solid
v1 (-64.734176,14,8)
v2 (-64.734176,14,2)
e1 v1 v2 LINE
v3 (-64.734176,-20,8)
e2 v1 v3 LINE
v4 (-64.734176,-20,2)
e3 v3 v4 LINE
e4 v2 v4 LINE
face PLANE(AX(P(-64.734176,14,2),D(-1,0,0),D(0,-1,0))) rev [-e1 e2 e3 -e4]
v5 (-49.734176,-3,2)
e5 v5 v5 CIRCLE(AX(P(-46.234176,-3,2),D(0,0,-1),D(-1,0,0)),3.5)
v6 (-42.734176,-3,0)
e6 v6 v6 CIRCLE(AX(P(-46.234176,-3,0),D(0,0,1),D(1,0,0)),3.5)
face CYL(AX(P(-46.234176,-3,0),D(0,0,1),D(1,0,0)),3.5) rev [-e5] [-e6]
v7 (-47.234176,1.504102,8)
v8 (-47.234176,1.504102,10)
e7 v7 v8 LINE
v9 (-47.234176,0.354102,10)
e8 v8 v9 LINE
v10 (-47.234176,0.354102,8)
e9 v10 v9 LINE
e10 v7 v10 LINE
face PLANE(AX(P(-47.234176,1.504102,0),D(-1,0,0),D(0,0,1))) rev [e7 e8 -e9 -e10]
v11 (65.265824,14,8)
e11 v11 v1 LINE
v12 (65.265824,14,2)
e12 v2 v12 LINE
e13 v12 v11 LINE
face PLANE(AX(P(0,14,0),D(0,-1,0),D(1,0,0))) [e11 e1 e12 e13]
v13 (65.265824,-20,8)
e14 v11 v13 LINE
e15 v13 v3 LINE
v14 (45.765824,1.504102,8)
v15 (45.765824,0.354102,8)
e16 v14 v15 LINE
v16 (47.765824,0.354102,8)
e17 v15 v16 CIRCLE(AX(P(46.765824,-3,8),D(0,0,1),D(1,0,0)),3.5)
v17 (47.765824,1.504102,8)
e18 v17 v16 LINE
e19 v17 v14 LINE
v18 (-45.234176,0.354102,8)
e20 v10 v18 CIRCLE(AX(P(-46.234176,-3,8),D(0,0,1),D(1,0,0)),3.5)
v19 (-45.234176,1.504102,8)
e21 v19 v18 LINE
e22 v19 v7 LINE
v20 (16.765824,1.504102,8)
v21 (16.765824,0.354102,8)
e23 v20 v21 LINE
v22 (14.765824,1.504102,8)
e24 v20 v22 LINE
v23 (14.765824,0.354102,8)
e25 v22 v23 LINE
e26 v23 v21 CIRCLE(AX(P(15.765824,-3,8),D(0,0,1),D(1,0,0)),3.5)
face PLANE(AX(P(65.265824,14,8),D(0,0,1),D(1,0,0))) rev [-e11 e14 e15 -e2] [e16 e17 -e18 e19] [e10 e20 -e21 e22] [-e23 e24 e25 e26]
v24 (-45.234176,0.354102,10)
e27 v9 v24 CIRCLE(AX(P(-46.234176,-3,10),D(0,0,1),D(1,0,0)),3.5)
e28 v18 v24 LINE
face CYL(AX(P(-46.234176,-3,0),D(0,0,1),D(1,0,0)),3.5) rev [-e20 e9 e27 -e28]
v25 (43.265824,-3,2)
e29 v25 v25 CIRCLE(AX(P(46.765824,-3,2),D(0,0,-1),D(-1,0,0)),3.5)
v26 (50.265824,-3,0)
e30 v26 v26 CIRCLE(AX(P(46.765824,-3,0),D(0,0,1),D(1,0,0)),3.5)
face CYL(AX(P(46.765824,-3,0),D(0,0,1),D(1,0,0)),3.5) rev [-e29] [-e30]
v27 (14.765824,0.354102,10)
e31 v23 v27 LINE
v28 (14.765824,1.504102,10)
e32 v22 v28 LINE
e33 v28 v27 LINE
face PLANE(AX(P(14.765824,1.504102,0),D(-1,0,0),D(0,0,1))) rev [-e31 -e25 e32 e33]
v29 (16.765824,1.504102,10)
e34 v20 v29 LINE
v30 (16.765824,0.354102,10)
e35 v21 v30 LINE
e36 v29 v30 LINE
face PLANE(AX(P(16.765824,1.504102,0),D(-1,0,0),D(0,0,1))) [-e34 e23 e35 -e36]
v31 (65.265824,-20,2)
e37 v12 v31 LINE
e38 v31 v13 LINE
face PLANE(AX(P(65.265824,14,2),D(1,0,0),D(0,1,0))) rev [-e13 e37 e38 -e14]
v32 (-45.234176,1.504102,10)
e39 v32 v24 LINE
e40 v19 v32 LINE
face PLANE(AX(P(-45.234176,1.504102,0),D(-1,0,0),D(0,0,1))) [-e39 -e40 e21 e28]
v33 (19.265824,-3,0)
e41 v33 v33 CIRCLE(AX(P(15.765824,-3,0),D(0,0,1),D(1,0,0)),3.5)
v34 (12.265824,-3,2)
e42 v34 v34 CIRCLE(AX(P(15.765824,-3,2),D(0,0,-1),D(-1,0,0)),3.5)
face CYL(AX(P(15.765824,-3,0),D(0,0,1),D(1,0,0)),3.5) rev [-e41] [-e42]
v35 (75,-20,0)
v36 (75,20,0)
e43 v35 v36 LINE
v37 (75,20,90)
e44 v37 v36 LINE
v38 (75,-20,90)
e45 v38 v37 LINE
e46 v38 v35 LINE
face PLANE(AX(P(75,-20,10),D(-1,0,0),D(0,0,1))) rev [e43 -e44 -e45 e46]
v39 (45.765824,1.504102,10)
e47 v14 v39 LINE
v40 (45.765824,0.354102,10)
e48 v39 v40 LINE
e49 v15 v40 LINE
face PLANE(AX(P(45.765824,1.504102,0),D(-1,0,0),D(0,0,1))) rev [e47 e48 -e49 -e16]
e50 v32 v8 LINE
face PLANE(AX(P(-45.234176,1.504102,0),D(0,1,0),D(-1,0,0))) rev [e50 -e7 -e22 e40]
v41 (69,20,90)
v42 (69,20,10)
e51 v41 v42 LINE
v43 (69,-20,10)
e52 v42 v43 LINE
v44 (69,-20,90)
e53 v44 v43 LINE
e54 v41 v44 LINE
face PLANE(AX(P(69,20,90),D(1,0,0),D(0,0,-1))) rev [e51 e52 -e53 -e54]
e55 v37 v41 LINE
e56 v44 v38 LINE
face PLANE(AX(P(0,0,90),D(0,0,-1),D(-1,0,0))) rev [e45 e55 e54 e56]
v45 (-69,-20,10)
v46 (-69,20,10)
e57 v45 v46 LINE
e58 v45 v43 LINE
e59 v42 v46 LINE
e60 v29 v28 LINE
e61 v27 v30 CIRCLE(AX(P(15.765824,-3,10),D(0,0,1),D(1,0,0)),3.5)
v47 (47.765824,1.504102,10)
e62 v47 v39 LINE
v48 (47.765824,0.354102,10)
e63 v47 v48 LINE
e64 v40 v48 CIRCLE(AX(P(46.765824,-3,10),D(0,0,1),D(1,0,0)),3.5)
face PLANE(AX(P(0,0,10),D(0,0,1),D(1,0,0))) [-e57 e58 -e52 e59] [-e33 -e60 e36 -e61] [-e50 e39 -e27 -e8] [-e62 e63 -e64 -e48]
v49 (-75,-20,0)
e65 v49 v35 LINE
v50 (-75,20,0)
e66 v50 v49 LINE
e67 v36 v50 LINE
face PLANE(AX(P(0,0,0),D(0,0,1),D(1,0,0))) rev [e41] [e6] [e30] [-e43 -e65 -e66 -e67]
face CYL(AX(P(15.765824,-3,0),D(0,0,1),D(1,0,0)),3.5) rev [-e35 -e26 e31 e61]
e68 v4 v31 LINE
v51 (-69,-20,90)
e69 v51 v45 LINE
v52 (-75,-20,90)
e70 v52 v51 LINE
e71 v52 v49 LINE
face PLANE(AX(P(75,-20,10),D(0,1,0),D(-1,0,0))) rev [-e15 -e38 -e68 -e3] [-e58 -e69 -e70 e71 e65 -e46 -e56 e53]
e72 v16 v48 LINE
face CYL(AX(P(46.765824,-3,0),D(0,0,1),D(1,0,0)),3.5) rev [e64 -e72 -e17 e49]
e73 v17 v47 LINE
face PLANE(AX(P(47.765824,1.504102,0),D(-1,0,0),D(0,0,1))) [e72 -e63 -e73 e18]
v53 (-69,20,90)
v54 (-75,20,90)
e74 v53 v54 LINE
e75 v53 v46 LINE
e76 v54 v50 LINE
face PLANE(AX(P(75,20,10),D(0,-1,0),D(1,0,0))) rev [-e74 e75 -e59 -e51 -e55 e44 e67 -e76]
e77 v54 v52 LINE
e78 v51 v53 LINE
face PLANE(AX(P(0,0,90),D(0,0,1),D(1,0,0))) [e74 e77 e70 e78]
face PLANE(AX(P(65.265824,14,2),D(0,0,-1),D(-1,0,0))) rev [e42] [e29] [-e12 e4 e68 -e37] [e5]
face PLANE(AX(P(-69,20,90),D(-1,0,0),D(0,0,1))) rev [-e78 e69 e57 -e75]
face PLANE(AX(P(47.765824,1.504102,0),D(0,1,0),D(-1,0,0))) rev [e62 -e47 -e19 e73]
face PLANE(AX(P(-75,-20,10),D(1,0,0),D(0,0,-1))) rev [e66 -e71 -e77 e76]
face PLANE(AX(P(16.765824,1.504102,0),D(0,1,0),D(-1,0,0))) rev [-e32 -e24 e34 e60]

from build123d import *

# Parameters (mm, degrees)
SKETCH1_W           = 150
SKETCH1_H           = 40
BOSS_EXTRUDE1_DEPTH = 10
SKETCH2_W           = 130
SKETCH2_H           = 6
CUT_EXTRUDE1_DEPTH  = 34
CUT_EXTRUDE3_DEPTH  = 10
BOSS_EXTRUDE2_DEPTH = 2
SKETCH5_W           = 6
SKETCH5_H           = 40
BOSS_EXTRUDE3_DEPTH = 80


with BuildPart() as part:
    # Sketch1 → Boss-Extrude1 (new body)
    with BuildSketch(Plane.XY):
        Rectangle(SKETCH1_W, SKETCH1_H)
    extrude(amount=BOSS_EXTRUDE1_DEPTH)

    # Sketch2 → Cut-Extrude1 (cut)
    with BuildSketch(Plane.XZ.offset(20)):
        with Locations((0.265824487, 5)):
            Rectangle(SKETCH2_W, SKETCH2_H)
    extrude(amount=-CUT_EXTRUDE1_DEPTH, mode=Mode.SUBTRACT)

    # Sketch3 → Cut-Extrude3 (cut)
    with BuildSketch(Plane.XY.offset(10)):
        with BuildLine():
            Line((16.765824487, 1.504101966), (16.765824487, 0.354101966))
            ThreePointArc((16.765824487, 0.354101966), (15.765824487, -6.5), (14.765824487, 0.354101966))
            Line((14.765824487, 0.354101966), (14.765824487, 1.504101966))
            Line((14.765824487, 1.504101966), (16.765824487, 1.504101966))
        make_face()
        with BuildLine():
            Line((-45.234175513, 1.504101966), (-47.234175513, 1.504101966))
            Line((-47.234175513, 1.504101966), (-47.234175513, 0.354101966))
            ThreePointArc((-47.234175513, 0.354101966), (-46.234175513, -6.5), (-45.234175513, 0.354101966))
            Line((-45.234175513, 0.354101966), (-45.234175513, 1.504101966))
        make_face()
        with BuildLine():
            Line((47.765824487, 1.504101966), (47.765824487, 0.354101966))
            ThreePointArc((47.765824487, 0.354101966), (46.765824487, -6.5), (45.765824487, 0.354101966))
            Line((45.765824487, 0.354101966), (45.765824487, 1.504101966))
            Line((45.765824487, 1.504101966), (47.765824487, 1.504101966))
        make_face()
    extrude(amount=-CUT_EXTRUDE3_DEPTH, mode=Mode.SUBTRACT)

    # Sketch4 → Boss-Extrude2 (add)
    with BuildSketch(Plane(origin=(0, 0, 0), x_dir=(-1, 0, 0), z_dir=(0, 0, -1))):
        with BuildLine():
            Line((-47.765824487, 0.354101966), (-47.765824487, 1.504101966))
            Line((-47.765824487, 1.504101966), (-45.765824487, 1.504101966))
            Line((-45.765824487, 1.504101966), (-45.765824487, 0.354101966))
            ThreePointArc((-45.765824487, 0.354101966), (-46.765824487, 0.5), (-47.765824487, 0.354101966))
        make_face()
        with BuildLine():
            Line((-14.765824487, 1.504101966), (-14.765824487, 0.354101966))
            ThreePointArc((-14.765824487, 0.354101966), (-15.765824487, 0.5), (-16.765824487, 0.354101966))
            Line((-16.765824487, 0.354101966), (-16.765824487, 1.504101966))
            Line((-16.765824487, 1.504101966), (-14.765824487, 1.504101966))
        make_face()
        with BuildLine():
            Line((47.234175513, 1.504101966), (47.234175513, 0.354101966))
            ThreePointArc((47.234175513, 0.354101966), (46.234175513, 0.5), (45.234175513, 0.354101966))
            Line((45.234175513, 0.354101966), (45.234175513, 1.504101966))
            Line((45.234175513, 1.504101966), (47.234175513, 1.504101966))
        make_face()
    extrude(amount=-BOSS_EXTRUDE2_DEPTH)

    # Sketch5 → Boss-Extrude3 (add)
    with BuildSketch(Plane.XY.offset(10)):
        with Locations((-72, 0)):
            Rectangle(SKETCH5_W, SKETCH5_H)
        with Locations((72, 0)):
            Rectangle(SKETCH5_W, SKETCH5_H)
    extrude(amount=BOSS_EXTRUDE3_DEPTH)


solid = part.part
